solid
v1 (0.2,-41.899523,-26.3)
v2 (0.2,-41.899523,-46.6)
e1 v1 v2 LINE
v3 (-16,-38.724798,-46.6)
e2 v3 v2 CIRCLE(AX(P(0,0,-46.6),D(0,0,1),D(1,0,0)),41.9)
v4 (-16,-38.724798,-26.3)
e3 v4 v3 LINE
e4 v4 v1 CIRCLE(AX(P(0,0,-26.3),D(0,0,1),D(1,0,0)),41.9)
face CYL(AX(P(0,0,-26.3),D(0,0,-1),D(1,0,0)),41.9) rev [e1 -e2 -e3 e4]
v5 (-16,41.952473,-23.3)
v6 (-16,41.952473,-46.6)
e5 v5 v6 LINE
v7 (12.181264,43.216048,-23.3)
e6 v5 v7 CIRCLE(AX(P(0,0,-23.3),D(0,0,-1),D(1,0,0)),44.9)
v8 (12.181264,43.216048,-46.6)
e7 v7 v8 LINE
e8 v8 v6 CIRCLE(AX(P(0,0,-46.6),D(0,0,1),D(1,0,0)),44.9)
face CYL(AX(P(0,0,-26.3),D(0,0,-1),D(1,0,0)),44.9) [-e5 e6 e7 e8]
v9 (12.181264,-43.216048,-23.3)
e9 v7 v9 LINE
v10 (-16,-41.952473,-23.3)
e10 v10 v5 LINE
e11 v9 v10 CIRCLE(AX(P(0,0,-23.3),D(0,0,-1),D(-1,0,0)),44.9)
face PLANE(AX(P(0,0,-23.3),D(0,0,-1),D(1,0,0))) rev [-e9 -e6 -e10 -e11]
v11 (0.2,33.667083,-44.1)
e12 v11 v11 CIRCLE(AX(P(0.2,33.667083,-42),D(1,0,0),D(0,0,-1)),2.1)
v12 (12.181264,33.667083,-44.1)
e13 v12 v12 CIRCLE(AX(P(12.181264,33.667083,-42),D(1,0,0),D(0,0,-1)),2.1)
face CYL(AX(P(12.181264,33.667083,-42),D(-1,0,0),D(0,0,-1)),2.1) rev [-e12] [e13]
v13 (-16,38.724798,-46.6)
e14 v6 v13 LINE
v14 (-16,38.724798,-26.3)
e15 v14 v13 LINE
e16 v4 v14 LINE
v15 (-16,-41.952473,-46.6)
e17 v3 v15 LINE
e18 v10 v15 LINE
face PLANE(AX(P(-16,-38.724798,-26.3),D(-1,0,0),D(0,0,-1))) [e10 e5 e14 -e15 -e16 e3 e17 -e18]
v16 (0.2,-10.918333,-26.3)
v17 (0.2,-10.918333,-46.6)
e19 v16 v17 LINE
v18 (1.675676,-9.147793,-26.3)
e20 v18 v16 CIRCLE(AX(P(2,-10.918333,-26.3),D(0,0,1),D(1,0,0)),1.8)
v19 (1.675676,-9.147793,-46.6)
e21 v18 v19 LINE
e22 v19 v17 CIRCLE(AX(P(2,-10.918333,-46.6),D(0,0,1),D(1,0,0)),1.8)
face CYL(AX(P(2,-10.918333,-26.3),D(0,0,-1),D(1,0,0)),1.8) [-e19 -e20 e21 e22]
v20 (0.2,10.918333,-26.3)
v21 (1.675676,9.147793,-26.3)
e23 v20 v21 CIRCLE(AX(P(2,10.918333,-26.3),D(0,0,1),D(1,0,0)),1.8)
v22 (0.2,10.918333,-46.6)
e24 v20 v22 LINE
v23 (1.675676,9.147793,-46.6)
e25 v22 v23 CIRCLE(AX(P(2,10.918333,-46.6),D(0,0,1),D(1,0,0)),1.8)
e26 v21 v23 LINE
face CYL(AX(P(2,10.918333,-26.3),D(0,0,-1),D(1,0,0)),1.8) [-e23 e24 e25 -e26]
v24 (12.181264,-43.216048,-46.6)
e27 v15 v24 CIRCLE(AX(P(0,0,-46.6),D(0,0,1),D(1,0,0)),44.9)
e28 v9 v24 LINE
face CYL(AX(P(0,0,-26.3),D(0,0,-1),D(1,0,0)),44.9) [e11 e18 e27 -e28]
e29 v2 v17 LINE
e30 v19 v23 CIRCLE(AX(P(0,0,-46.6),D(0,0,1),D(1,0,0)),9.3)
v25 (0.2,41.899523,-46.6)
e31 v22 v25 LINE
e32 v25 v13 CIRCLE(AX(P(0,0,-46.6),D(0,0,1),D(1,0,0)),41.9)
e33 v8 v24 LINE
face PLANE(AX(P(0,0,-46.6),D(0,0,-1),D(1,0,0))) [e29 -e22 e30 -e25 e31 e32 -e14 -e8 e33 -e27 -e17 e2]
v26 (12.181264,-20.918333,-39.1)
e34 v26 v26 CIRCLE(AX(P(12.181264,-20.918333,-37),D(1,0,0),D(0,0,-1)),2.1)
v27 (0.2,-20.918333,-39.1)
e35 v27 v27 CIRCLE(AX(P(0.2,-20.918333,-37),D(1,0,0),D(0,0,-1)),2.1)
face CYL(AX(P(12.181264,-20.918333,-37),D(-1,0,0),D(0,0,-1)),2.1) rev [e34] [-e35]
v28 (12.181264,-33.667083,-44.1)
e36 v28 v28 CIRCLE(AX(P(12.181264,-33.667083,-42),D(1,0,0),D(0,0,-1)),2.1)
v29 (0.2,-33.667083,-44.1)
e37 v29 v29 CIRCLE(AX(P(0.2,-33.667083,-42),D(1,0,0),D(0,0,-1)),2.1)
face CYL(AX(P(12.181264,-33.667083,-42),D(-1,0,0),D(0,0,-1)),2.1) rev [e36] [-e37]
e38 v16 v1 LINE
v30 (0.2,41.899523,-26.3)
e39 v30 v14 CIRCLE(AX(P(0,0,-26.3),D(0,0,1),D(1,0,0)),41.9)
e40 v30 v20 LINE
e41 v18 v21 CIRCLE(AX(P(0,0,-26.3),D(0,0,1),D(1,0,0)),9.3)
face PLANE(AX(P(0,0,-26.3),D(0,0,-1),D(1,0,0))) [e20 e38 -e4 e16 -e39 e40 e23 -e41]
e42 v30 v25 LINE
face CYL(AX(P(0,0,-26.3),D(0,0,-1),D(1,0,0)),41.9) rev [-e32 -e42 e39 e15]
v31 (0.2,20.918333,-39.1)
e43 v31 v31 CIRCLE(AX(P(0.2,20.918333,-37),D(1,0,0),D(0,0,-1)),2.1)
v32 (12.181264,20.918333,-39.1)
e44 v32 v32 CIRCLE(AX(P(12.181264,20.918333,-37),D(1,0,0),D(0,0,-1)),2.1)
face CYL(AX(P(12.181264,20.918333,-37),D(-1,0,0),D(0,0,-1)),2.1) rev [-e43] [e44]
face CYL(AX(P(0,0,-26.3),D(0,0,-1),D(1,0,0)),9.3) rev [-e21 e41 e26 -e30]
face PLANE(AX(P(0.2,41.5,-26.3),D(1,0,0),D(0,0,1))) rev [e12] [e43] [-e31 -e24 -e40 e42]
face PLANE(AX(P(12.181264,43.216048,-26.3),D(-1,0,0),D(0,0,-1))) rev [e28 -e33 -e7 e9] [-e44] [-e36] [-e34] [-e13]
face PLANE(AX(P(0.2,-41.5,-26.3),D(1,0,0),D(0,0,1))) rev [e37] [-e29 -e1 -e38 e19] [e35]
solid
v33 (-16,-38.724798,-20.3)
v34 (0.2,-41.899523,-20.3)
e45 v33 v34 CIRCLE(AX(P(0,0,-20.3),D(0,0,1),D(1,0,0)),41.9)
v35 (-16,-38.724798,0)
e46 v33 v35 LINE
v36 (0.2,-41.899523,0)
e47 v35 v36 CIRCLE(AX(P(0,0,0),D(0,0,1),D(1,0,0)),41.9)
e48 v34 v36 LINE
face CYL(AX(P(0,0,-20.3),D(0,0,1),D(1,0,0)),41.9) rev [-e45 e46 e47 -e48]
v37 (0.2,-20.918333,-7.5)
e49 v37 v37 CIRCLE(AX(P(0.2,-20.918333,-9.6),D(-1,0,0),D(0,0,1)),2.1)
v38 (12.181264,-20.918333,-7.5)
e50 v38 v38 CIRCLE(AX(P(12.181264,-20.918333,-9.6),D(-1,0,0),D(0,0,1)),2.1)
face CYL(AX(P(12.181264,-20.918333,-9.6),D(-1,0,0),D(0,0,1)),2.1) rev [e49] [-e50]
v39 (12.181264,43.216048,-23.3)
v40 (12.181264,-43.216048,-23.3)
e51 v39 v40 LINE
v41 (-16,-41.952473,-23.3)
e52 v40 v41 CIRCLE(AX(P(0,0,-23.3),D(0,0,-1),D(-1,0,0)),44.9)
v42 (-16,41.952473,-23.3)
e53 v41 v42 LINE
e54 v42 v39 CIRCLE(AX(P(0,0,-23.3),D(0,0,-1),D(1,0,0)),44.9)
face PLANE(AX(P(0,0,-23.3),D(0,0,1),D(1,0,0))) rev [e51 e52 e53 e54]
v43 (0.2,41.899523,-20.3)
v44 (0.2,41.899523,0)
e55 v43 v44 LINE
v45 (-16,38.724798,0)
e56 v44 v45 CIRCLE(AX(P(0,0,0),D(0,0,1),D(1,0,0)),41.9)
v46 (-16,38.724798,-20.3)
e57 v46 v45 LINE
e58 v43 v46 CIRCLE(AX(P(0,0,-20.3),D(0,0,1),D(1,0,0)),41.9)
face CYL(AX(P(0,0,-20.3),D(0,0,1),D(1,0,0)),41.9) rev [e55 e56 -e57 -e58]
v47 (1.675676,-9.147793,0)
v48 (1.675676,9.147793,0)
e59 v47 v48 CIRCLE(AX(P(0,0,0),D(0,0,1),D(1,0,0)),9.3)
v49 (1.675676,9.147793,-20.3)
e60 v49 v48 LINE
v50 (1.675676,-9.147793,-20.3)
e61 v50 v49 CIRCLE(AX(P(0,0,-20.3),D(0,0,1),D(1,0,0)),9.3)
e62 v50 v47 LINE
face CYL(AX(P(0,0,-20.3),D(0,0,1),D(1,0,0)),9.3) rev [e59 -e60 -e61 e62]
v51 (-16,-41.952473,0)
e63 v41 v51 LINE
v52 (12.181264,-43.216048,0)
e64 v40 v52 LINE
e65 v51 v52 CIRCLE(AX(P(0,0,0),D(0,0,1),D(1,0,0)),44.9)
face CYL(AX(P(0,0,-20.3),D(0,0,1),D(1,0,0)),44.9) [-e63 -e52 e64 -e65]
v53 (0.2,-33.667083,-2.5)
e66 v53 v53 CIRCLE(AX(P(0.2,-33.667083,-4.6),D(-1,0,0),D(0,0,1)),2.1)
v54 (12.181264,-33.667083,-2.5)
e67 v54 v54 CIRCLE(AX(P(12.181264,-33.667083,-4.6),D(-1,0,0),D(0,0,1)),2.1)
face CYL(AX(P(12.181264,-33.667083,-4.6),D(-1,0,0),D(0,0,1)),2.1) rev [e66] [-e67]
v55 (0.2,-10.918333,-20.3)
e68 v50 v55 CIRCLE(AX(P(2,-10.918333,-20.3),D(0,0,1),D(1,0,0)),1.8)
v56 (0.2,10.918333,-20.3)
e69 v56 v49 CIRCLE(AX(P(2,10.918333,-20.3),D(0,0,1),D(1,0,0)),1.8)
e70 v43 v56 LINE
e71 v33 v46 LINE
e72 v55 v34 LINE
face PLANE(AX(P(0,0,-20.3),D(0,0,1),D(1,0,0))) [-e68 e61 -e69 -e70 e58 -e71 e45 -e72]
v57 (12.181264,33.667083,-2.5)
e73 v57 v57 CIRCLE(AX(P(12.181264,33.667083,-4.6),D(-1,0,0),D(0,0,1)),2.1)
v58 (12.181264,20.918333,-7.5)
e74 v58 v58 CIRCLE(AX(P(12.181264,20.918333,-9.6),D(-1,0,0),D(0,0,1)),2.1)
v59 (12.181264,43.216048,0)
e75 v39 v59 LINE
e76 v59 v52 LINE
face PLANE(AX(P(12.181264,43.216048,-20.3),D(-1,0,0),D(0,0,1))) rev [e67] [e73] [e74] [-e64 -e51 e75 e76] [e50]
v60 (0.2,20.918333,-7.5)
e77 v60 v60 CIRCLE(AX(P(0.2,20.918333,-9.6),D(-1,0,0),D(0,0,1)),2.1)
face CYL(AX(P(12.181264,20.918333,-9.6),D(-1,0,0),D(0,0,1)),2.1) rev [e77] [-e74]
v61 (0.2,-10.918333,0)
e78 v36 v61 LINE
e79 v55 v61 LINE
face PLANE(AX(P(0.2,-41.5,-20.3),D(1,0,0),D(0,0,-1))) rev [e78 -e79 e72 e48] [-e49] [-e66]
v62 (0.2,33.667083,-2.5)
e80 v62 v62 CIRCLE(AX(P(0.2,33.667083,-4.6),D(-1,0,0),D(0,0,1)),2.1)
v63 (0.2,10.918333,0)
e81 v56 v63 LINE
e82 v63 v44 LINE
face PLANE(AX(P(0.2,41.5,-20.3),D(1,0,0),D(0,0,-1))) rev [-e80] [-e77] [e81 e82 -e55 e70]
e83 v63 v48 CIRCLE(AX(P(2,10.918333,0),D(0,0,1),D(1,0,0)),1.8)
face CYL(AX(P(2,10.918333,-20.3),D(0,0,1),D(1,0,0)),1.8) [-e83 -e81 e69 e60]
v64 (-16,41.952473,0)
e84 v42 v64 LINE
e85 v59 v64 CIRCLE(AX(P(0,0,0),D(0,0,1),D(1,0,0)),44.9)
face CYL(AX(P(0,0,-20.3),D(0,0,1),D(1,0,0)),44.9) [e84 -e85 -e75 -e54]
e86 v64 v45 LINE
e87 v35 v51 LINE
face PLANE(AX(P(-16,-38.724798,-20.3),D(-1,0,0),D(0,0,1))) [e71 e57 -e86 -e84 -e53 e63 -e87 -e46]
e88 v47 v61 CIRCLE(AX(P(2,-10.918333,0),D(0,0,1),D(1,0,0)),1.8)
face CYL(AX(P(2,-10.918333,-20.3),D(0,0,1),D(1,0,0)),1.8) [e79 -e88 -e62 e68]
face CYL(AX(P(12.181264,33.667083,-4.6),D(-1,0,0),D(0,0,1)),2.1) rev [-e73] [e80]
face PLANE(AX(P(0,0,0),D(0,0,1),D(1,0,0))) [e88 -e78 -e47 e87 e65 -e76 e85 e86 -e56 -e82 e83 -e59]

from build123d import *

# Parameters (mm, degrees)
EXTRUDE_1_DEPTH     = 20.3
SKETCH_5_R          = 2.1
CUT_EXTRUDE_1_DEPTH = 52.87041546
EXTRUDE_2_DEPTH     = 3


with BuildPart() as part:
    # 草图2 → 凸台-拉伸1 (new body)
    with BuildSketch(Plane(origin=(0, 0, 0), x_dir=(-1, 0, 0), z_dir=(0, 0, 1))):
        with BuildLine():
            Line((-0.2, 41.5), (-0.2, 10.918333206))
            ThreePointArc((-0.2, 10.918333206), (-0.617288211, 9.765897478), (-1.675675676, 9.147792686))
            ThreePointArc((-1.675675676, 9.147792686), (-9.3, 0), (-1.675675676, -9.147792686))
            ThreePointArc((-1.675675676, -9.147792686), (-0.617288211, -9.765897478), (-0.2, -10.918333206))
            Line((-0.2, -10.918333206), (-0.2, -41.5))
            Line((-0.2, -41.5), (-0.2, -41.89952267))
            ThreePointArc((-0.2, -41.89952267), (8.057897913, -41.117882742), (16, -38.724798256))
            Line((16, -38.724798256), (16, -41.952473109))
            ThreePointArc((16, -41.952473109), (2.011178974, -44.854934613), (-12.18126433, -43.216047937))
            Line((-12.18126433, -43.216047937), (-12.18126433, 43.216047937))
            ThreePointArc((-12.18126433, 43.216047937), (2.011178974, 44.854934613), (16, 41.952473109))
            Line((16, 41.952473109), (16, 38.724798256))
            ThreePointArc((16, 38.724798256), (8.057897913, 41.117882742), (-0.2, 41.89952267))
            Line((-0.2, 41.89952267), (-0.2, 41.5))
        make_face()
    extrude(amount=-EXTRUDE_1_DEPTH)

    # 草图5 → 切除-拉伸1 (cut, through all)
    with BuildSketch(Plane.ZY.offset(-0.2)):
        with Locations((-4.6, 33.667083302)):
            Circle(SKETCH_5_R)
        with Locations((-9.6, 20.918333206)):
            Circle(SKETCH_5_R)
        with Locations((-9.6, -20.918333206)):
            Circle(SKETCH_5_R)
        with Locations((-4.6, -33.667083302)):
            Circle(SKETCH_5_R)
    extrude(amount=-CUT_EXTRUDE_1_DEPTH, mode=Mode.SUBTRACT)

    # 草图7 → 凸台-拉伸2 (add)
    with BuildSketch(Plane(origin=(0, 0, -20.3), x_dir=(-1, 0, 0), z_dir=(0, 0, -1))):
        with BuildLine():
            Line((-12.18126433, 43.216047937), (-12.18126433, -43.216047937))
            ThreePointArc((-12.18126433, -43.216047937), (2.011178974, -44.854934613), (16, -41.952473109))
            Line((16, -41.952473109), (16, 41.952473109))
            ThreePointArc((16, 41.952473109), (2.011178974, 44.854934613), (-12.18126433, 43.216047937))
        make_face()
    extrude(amount=EXTRUDE_2_DEPTH)


with BuildPart() as body_2:
    # 镜向2: mirrored copy
    add(part.part.mirror(Plane.XY.offset(-23.3)))


solid = Compound([part.part, body_2.part])
